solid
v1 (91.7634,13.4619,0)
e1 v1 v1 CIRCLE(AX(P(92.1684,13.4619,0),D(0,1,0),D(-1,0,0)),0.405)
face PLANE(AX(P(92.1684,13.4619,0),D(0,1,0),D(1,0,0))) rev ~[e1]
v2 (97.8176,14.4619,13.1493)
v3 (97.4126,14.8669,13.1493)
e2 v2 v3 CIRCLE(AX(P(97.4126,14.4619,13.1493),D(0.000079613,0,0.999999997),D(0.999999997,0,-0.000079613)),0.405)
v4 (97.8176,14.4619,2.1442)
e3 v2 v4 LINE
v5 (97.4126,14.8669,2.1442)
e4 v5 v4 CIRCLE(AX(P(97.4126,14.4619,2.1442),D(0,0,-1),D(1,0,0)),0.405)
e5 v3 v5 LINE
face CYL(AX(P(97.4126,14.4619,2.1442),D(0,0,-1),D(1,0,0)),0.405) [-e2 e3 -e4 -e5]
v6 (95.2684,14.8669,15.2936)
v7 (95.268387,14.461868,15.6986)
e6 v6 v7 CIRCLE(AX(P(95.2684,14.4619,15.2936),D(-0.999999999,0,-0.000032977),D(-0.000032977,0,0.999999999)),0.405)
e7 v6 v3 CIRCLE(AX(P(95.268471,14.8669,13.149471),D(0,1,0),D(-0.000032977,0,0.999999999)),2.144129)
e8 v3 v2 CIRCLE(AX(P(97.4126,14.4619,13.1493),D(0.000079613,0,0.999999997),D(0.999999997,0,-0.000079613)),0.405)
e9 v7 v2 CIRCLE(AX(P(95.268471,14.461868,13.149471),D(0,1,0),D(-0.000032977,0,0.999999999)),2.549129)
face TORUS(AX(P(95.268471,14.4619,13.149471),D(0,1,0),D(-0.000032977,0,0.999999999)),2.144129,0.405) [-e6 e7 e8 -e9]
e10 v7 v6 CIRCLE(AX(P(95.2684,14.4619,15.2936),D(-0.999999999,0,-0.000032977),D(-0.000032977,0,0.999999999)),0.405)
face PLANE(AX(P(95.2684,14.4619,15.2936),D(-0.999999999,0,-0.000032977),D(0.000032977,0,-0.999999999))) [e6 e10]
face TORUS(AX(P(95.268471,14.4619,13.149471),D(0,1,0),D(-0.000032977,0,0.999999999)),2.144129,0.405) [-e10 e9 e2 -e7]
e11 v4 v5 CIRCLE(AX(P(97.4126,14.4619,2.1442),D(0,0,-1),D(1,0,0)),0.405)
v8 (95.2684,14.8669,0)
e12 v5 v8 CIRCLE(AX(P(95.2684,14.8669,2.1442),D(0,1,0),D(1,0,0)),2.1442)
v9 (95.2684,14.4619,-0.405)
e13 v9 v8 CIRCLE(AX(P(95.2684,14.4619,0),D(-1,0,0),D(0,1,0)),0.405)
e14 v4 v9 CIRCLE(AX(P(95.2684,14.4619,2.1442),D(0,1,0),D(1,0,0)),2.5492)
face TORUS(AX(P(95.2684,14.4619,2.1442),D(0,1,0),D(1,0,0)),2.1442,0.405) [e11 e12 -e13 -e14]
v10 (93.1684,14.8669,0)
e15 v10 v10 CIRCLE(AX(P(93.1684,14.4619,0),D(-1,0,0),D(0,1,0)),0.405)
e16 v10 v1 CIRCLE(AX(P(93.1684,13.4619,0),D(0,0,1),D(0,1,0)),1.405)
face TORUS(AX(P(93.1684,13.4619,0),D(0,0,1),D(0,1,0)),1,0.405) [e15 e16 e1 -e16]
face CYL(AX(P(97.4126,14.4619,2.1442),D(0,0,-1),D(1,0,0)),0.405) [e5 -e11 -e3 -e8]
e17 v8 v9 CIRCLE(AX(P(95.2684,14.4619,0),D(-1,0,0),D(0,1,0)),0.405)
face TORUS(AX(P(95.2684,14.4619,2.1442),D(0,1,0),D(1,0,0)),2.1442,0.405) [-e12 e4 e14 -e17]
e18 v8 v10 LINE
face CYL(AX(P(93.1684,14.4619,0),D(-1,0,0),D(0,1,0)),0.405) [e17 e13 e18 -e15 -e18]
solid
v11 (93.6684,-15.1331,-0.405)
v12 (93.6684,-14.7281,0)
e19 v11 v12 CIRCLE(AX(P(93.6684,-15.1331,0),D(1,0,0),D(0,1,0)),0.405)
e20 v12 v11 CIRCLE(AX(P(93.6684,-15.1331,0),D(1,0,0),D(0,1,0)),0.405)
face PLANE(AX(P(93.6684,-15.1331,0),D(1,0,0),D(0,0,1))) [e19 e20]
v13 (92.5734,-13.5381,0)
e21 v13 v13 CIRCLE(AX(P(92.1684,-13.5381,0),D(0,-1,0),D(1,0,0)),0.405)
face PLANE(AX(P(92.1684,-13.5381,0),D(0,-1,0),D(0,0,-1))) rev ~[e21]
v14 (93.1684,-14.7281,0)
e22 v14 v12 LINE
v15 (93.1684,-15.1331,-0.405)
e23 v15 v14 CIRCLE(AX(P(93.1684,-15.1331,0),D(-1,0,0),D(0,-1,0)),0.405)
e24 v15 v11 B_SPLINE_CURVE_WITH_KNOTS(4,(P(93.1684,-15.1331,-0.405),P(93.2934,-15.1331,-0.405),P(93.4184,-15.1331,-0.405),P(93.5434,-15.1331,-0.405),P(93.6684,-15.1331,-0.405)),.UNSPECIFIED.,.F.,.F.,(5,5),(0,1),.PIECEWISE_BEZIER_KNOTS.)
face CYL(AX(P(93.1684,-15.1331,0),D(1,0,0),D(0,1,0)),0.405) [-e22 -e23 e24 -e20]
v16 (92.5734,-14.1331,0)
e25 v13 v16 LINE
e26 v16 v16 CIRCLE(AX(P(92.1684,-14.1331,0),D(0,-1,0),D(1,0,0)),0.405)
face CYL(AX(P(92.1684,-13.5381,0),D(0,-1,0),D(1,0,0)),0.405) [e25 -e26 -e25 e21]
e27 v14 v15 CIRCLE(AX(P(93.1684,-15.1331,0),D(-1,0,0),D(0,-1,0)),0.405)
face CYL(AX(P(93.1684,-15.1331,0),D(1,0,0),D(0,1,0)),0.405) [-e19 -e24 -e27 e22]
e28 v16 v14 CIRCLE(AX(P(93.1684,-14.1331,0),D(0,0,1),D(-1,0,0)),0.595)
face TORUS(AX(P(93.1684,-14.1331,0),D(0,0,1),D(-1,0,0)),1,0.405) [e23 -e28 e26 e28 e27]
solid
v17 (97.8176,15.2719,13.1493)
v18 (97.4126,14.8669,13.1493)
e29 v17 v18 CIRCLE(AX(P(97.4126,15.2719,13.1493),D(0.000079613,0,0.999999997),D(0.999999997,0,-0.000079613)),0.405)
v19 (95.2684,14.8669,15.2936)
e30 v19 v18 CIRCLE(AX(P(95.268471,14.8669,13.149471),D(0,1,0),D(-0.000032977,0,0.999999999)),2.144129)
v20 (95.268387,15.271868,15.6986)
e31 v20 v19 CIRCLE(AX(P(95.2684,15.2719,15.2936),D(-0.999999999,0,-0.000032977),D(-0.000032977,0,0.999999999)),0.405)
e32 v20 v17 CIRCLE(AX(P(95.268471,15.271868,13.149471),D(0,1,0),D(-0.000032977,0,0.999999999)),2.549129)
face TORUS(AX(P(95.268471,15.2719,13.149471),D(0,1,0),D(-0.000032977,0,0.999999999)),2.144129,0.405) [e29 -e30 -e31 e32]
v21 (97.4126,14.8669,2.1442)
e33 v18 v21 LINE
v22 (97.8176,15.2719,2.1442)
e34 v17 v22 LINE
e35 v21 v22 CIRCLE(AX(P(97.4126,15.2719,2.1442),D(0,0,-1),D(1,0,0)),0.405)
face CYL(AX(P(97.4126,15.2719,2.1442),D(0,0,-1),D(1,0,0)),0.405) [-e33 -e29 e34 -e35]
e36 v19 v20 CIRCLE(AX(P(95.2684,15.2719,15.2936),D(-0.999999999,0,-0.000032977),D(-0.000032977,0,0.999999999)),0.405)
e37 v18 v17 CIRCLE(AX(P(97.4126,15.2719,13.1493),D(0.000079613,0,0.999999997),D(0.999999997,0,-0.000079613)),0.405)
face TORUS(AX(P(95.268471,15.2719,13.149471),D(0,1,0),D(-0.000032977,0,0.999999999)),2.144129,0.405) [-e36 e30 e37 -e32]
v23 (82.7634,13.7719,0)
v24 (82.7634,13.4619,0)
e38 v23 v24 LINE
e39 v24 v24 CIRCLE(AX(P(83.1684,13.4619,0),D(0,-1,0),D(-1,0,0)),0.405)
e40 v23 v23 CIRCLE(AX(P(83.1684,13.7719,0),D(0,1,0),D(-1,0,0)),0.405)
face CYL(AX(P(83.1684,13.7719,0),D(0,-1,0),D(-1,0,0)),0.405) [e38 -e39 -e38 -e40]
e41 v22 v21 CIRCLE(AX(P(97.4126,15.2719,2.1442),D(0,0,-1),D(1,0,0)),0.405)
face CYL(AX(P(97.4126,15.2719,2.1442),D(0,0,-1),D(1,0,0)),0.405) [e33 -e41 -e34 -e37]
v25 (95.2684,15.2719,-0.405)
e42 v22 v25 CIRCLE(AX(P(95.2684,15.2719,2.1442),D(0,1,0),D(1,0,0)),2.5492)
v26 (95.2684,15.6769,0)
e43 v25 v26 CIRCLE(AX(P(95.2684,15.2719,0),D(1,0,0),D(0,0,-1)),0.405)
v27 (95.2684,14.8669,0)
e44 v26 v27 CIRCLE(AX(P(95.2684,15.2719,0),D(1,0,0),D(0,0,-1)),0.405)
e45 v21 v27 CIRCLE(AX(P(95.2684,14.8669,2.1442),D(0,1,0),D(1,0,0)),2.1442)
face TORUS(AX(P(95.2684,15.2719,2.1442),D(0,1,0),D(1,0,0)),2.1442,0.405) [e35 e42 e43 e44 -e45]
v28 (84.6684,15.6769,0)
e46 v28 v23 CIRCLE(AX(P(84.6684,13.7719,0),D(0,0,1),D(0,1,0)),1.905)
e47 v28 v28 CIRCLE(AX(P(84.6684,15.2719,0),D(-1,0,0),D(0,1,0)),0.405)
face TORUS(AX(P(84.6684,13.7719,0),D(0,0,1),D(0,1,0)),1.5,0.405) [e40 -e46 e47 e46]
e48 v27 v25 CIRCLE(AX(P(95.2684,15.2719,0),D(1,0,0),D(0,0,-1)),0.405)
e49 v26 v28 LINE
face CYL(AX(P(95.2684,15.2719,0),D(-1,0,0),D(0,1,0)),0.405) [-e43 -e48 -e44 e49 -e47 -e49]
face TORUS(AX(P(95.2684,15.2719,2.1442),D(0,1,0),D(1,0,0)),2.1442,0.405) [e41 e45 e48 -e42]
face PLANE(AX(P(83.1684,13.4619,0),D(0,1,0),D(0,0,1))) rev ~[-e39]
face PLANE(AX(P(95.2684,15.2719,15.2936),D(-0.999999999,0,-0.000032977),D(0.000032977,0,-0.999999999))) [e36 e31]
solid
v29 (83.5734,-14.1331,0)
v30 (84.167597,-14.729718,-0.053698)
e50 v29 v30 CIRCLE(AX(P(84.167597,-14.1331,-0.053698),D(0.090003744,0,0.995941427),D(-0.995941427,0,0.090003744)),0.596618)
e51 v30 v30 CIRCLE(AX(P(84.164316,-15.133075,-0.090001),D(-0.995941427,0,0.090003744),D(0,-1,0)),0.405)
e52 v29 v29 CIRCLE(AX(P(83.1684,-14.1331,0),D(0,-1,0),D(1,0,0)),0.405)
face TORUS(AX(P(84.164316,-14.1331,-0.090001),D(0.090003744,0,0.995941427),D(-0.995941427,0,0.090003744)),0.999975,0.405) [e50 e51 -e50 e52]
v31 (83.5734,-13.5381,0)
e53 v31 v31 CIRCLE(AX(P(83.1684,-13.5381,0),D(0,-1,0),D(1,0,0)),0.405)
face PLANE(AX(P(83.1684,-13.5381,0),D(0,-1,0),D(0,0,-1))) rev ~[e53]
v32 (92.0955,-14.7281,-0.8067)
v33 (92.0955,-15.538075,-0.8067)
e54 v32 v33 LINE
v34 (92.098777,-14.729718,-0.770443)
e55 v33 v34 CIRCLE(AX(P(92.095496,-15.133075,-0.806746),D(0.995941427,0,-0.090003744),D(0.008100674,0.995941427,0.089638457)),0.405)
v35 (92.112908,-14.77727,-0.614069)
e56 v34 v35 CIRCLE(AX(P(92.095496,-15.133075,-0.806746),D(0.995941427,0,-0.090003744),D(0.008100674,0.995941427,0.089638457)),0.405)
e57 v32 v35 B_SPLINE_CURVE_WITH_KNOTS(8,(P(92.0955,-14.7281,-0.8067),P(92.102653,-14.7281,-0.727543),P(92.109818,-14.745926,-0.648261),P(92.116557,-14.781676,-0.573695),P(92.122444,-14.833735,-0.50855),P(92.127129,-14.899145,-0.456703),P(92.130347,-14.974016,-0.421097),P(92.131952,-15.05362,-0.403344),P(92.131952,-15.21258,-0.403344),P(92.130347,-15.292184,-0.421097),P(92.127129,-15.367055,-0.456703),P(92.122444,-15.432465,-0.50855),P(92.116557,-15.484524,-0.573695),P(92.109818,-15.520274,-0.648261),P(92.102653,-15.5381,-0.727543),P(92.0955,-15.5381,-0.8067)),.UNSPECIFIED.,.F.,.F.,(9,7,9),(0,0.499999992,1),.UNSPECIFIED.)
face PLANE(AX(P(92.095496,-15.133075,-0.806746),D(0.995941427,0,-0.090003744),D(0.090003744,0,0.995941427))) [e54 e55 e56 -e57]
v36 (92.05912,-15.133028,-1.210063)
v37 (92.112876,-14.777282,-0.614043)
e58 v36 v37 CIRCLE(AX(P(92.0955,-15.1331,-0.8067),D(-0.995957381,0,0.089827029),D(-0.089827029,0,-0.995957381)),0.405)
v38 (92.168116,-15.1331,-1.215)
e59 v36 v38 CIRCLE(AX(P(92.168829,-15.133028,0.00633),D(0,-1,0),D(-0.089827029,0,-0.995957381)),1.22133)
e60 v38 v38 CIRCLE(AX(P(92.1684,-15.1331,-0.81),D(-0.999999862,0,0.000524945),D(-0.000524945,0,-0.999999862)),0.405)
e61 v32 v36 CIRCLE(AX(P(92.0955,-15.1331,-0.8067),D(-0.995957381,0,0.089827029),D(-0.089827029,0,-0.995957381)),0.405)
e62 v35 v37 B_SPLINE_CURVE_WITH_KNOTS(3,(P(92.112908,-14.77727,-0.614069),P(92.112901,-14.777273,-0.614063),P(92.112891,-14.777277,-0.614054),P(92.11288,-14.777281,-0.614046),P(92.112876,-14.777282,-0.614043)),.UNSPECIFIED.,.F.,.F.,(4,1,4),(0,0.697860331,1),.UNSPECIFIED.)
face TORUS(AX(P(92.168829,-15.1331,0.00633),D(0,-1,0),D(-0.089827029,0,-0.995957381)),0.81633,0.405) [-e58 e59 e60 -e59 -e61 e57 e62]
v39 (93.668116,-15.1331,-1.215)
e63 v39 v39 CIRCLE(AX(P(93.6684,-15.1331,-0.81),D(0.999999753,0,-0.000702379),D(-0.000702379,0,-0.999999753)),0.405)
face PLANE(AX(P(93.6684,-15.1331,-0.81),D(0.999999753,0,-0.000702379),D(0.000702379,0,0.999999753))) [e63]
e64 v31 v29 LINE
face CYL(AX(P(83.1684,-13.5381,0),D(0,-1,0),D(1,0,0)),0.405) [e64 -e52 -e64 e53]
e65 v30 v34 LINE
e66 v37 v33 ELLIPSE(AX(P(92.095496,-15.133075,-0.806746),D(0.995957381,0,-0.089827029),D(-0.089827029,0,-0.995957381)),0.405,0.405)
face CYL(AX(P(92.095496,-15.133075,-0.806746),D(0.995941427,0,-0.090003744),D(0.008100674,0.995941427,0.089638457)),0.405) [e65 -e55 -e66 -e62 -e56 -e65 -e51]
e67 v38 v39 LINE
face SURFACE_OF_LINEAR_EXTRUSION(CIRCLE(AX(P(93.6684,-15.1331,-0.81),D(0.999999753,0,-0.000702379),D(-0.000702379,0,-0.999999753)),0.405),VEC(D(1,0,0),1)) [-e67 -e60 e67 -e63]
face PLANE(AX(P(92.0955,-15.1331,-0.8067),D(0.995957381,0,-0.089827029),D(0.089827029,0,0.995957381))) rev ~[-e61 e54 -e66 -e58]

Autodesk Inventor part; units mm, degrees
sketch "Skizze1" plane through (0, 0, 0) normal (0, 0, 1) x (1, 0, 0)
  line L0 (83.5734, 13.4619) -> (82.7634, 13.4619) projected
  line L1 (92.5734, 13.4619) -> (91.7634, 13.4619) construction
  line L2 (92.1684, 13.4619) -> (92.1684, 13.4619)
  line L3 (93.1684, 14.4619) -> (95.2684, 14.4619)
  arc A0 (93.1684, 14.4619) -> (92.1684, 13.4619) centre (93.1684, 13.4619) ccw
  line L4 (97.0184, -63.0081) -> (97.0184, 45.2749) construction
  point P0 (0, 0)
  dimension "d0" = 1
  dimension "d1" = 1.75
  dimension "d2" = 1
ref_plane "Arbeitsebene1" through (92.1684, 13.4619, 0) normal (0, 1, 0) x (-1, 0, 0)
sketch "Skizze2" plane through (92.1684, 13.4619, 0) normal (0, 1, 0) x (-1, 0, 0)
  circle A0 centre (0, 0) radius 0.405 projected
  point P0 (92.1684, 0)
sweep "Sweeping1" add profiles "Skizze2" path "Skizze1" path curves L2 A0 L3
ref_plane "Arbeitsebene3" through (95.2684, 14.4619, 0) normal (0, 1, 0) x (-1, 0, 0)
ref_plane "Arbeitsebene2" through (92.1684, 12.4619, 0) normal (0, 1, 0) x (-1, 0, 0)
sketch "Skizze3" plane through (95.2684, 14.4619, 0) normal (0, 1, 0) x (-1, 0, 0)
  line L0 (0, 0.405) -> (0, -0.405) construction
  line L1 (0, 0) -> (0, 0) construction
  line L2 (-2.1442, 2.1442) -> (-2.1442, 13.1493)
  line L3 (0, 13.1493) -> (-1.7392, 13.1493) construction
  arc A0 (0, 15.2936) -> (-2.1442, 13.1493) centre (0, 13.1493) ccw
  arc A1 (-2.1442, 2.1442) -> (0, 0) centre (0, 2.1442) ccw
  circle A2 centre (0, 12.9556) radius 1.75 projected
  point P0 (95.2684, 0)
  dimension "d5" = 0.81
  dimension "d6" = 0.405
sketch "Skizze4" plane through (95.2684, 14.4619, 0) normal (1, 0, 0) x (0, 0, -1)
  circle A0 centre (0, 0) radius 0.405 projected
  point P0 (0, -14.4619)
sweep "Sweeping2" add profiles "Skizze4" path "Skizze3" path curves A1 L2 A0
pattern_linear "Rechteckige Anordnung1" count 2 spacing 0.81 along (0, 1, 0) of "Sweeping2"
sketch "Skizze5" plane through (0, 0, 0) normal (0, 0, 1) x (1, 0, 0)
  line L0 (83.5734, 13.4619) -> (82.7634, 13.4619) construction
  line L1 (95.2684, 15.6769) -> (95.2684, 14.8669) construction
  line L2 (95.2684, 15.2719) -> (84.6684, 15.2719)
  line L3 (83.1684, 13.7719) -> (83.1684, 13.4619)
  arc A0 (84.6684, 15.2719) -> (83.1684, 13.7719) centre (84.6684, 13.7719) ccw
  point P0 (0, 0)
  dimension "d13" = 1.5
sketch "Skizze6" plane through (92.1684, 13.4619, 0) normal (0, 1, 0) x (-1, 0, 0)
  circle A0 centre (9, 0) radius 0.405 projected
  point P0 (92.1684, 0)
sweep "Sweeping3" add profiles "Skizze6" path "Skizze5"
sketch "Skizze7" plane through (0, 0, 0) normal (0, 0, 1) x (1, 0, 0)
  line L0 (92.5734, -13.5381) -> (91.7634, -13.5381) construction
  line L1 (83.8684, -15.5381) -> (94.1684, -15.5381) construction
  line L2 (92.1684, -13.5381) -> (92.1684, -14.1331)
  line L3 (93.1684, -15.1331) -> (93.6684, -15.1331)
  arc A0 (92.1684, -14.1331) -> (93.1684, -15.1331) centre (93.1684, -14.1331) ccw
  line L4 (94.1684, -15.5381) -> (94.1684, -19.9981) construction
  point P0 (0, 0)
  dimension "d16" = 0.81
  dimension "d17" = 0.405
  dimension "d18" = 1
  dimension "d19" = 0.5
ref_plane "Arbeitsebene4" through (92.1684, -13.5381, 0) normal (0, -1, 0) x (1, 0, 0)
sketch "Skizze8" plane through (92.1684, -13.5381, 0) normal (0, -1, 0) x (1, 0, 0)
  circle A0 centre (0, 0) radius 0.405 projected
  point P0 (-92.1684, 0)
sweep "Sweeping4" add profiles "Skizze8" path "Skizze7"
sketch "Skizze9" plane through (92.1684, -13.5381, 0) normal (0, -1, 0) x (1, 0, 0)
  circle A0 centre (-9, 0) radius 0.405 construction
  circle A1 centre (0, 0) radius 0.405 construction
  line L0 (-10.153, 0.5108) -> (1.4679, -0.5393) construction
  line L1 (0.0022, -0.0035) -> (-0.0364, -0.4034) construction
  line L2 (-9, 0) -> (-8.9635, 0.4034) construction
  line L3 (-0.0364, -0.4034) -> (-0.0729, -0.8067) construction
  line L4 (-0.0729, -0.8067) -> (-9, 0) construction
  point P0 (-92.1684, 0)
ref_plane "Arbeitsebene6" through (92.0955, -13.5381, -0.8067) normal (0.09, 0, 0.9959) x (-0.9959, 0, 0.09)
ref_plane "Arbeitsebene5" through (92.1684, -12.5381, 0) normal (0, -1, 0) x (1, 0, 0)
sketch "Skizze10" plane through (92.0955, -13.5381, -0.8067) normal (0.09, 0, 0.9959) x (-0.9959, 0, 0.09)
  line L0 (8.5585, 0) -> (9.3685, 0) construction
  line L1 (8.9635, 0) -> (8.9635, 0.595)
  arc A0 (8.9635, 0.595) -> (7.9635, 1.595) centre (7.9635, 0.595) ccw
  line L2 (7.9635, 0.595) -> (8.9635, 0.595) construction
  line L3 (7.9635, 1.595) -> (7.9635, 0.595) construction
  line L4 (-0.405, 0) -> (0.405, 0) construction
  line L5 (0.405, 0.595) -> (-0.405, 0.595) construction
  line L6 (-0.405, 0) -> (0.405, 0) construction
  line L7 (0, 0.595) -> (0, 1.595) construction
  ellipse E0 centre (-0.9959, 1.595) end of major axis (-0.9959, 2) minor radius 0.0365 construction
  line L8 (0, 1.595) -> (7.9635, 1.595)
  point P0 (91.7944, -13.5381)
  dimension "d23" = 1
sketch "Skizze11" plane through (92.1684, -13.5381, 0) normal (0, -1, 0) x (1, 0, 0)
  circle A0 centre (-9, 0) radius 0.405 projected
  point P0 (-92.1684, 0)
sweep "Sweeping5" add profiles "Skizze11" path "Skizze10"
ref_plane "Arbeitsebene8" through (92.0955, -15.1331, -0.8067) normal (0, -1, 0) x (1, 0, 0)
ref_plane "Arbeitsebene7" through (92.1684, -12.5381, 0) normal (0, -1, 0) x (1, 0, 0)
sketch "Skizze12" plane through (92.0955, -15.1331, -0.8067) normal (0, -1, 0) x (1, 0, 0)
  line L0 (1.5729, 0.4017) -> (1.5729, 1.2117) construction
  line L1 (1.0729, 0.4017) -> (1.5729, 0.4017) construction
  circle A0 centre (0.0729, 0.8067) radius 0.405 construction
  circle A1 centre (0.0729, 0.8067) radius 0.405 construction
  arc A2 (0, 0) -> (0.0729, -0.0033) centre (0.0729, 0.8067) ccw
  line L2 (1.5729, 0.8067) -> (1.5729, -0.0033) construction
  line L3 (1.5729, -0.0033) -> (0.0729, -0.0033)
  point P0 (-92.0955, 0.8067)
  dimension "d26" = 0.81
  dimension "d27" = 0.81
sketch "Skizze13" plane through (92.0955, -15.1331, -0.8067) normal (0.9959, 0, -0.09) x (-0.09, 0, -0.9959)
  circle A0 centre (0, 0) radius 0.405 projected
  point P0 (7.4852, 15.1331)
sweep "Sweeping6" add profiles "Skizze13" path "Skizze12"
equation "\"d6\" = 0.5 * d5"
equation "\"d17\" = 0.5 * d16"
equation "\"d27\" = d26"
properties part number "HVU_wires_resistor_WHS7" material "Silber"
